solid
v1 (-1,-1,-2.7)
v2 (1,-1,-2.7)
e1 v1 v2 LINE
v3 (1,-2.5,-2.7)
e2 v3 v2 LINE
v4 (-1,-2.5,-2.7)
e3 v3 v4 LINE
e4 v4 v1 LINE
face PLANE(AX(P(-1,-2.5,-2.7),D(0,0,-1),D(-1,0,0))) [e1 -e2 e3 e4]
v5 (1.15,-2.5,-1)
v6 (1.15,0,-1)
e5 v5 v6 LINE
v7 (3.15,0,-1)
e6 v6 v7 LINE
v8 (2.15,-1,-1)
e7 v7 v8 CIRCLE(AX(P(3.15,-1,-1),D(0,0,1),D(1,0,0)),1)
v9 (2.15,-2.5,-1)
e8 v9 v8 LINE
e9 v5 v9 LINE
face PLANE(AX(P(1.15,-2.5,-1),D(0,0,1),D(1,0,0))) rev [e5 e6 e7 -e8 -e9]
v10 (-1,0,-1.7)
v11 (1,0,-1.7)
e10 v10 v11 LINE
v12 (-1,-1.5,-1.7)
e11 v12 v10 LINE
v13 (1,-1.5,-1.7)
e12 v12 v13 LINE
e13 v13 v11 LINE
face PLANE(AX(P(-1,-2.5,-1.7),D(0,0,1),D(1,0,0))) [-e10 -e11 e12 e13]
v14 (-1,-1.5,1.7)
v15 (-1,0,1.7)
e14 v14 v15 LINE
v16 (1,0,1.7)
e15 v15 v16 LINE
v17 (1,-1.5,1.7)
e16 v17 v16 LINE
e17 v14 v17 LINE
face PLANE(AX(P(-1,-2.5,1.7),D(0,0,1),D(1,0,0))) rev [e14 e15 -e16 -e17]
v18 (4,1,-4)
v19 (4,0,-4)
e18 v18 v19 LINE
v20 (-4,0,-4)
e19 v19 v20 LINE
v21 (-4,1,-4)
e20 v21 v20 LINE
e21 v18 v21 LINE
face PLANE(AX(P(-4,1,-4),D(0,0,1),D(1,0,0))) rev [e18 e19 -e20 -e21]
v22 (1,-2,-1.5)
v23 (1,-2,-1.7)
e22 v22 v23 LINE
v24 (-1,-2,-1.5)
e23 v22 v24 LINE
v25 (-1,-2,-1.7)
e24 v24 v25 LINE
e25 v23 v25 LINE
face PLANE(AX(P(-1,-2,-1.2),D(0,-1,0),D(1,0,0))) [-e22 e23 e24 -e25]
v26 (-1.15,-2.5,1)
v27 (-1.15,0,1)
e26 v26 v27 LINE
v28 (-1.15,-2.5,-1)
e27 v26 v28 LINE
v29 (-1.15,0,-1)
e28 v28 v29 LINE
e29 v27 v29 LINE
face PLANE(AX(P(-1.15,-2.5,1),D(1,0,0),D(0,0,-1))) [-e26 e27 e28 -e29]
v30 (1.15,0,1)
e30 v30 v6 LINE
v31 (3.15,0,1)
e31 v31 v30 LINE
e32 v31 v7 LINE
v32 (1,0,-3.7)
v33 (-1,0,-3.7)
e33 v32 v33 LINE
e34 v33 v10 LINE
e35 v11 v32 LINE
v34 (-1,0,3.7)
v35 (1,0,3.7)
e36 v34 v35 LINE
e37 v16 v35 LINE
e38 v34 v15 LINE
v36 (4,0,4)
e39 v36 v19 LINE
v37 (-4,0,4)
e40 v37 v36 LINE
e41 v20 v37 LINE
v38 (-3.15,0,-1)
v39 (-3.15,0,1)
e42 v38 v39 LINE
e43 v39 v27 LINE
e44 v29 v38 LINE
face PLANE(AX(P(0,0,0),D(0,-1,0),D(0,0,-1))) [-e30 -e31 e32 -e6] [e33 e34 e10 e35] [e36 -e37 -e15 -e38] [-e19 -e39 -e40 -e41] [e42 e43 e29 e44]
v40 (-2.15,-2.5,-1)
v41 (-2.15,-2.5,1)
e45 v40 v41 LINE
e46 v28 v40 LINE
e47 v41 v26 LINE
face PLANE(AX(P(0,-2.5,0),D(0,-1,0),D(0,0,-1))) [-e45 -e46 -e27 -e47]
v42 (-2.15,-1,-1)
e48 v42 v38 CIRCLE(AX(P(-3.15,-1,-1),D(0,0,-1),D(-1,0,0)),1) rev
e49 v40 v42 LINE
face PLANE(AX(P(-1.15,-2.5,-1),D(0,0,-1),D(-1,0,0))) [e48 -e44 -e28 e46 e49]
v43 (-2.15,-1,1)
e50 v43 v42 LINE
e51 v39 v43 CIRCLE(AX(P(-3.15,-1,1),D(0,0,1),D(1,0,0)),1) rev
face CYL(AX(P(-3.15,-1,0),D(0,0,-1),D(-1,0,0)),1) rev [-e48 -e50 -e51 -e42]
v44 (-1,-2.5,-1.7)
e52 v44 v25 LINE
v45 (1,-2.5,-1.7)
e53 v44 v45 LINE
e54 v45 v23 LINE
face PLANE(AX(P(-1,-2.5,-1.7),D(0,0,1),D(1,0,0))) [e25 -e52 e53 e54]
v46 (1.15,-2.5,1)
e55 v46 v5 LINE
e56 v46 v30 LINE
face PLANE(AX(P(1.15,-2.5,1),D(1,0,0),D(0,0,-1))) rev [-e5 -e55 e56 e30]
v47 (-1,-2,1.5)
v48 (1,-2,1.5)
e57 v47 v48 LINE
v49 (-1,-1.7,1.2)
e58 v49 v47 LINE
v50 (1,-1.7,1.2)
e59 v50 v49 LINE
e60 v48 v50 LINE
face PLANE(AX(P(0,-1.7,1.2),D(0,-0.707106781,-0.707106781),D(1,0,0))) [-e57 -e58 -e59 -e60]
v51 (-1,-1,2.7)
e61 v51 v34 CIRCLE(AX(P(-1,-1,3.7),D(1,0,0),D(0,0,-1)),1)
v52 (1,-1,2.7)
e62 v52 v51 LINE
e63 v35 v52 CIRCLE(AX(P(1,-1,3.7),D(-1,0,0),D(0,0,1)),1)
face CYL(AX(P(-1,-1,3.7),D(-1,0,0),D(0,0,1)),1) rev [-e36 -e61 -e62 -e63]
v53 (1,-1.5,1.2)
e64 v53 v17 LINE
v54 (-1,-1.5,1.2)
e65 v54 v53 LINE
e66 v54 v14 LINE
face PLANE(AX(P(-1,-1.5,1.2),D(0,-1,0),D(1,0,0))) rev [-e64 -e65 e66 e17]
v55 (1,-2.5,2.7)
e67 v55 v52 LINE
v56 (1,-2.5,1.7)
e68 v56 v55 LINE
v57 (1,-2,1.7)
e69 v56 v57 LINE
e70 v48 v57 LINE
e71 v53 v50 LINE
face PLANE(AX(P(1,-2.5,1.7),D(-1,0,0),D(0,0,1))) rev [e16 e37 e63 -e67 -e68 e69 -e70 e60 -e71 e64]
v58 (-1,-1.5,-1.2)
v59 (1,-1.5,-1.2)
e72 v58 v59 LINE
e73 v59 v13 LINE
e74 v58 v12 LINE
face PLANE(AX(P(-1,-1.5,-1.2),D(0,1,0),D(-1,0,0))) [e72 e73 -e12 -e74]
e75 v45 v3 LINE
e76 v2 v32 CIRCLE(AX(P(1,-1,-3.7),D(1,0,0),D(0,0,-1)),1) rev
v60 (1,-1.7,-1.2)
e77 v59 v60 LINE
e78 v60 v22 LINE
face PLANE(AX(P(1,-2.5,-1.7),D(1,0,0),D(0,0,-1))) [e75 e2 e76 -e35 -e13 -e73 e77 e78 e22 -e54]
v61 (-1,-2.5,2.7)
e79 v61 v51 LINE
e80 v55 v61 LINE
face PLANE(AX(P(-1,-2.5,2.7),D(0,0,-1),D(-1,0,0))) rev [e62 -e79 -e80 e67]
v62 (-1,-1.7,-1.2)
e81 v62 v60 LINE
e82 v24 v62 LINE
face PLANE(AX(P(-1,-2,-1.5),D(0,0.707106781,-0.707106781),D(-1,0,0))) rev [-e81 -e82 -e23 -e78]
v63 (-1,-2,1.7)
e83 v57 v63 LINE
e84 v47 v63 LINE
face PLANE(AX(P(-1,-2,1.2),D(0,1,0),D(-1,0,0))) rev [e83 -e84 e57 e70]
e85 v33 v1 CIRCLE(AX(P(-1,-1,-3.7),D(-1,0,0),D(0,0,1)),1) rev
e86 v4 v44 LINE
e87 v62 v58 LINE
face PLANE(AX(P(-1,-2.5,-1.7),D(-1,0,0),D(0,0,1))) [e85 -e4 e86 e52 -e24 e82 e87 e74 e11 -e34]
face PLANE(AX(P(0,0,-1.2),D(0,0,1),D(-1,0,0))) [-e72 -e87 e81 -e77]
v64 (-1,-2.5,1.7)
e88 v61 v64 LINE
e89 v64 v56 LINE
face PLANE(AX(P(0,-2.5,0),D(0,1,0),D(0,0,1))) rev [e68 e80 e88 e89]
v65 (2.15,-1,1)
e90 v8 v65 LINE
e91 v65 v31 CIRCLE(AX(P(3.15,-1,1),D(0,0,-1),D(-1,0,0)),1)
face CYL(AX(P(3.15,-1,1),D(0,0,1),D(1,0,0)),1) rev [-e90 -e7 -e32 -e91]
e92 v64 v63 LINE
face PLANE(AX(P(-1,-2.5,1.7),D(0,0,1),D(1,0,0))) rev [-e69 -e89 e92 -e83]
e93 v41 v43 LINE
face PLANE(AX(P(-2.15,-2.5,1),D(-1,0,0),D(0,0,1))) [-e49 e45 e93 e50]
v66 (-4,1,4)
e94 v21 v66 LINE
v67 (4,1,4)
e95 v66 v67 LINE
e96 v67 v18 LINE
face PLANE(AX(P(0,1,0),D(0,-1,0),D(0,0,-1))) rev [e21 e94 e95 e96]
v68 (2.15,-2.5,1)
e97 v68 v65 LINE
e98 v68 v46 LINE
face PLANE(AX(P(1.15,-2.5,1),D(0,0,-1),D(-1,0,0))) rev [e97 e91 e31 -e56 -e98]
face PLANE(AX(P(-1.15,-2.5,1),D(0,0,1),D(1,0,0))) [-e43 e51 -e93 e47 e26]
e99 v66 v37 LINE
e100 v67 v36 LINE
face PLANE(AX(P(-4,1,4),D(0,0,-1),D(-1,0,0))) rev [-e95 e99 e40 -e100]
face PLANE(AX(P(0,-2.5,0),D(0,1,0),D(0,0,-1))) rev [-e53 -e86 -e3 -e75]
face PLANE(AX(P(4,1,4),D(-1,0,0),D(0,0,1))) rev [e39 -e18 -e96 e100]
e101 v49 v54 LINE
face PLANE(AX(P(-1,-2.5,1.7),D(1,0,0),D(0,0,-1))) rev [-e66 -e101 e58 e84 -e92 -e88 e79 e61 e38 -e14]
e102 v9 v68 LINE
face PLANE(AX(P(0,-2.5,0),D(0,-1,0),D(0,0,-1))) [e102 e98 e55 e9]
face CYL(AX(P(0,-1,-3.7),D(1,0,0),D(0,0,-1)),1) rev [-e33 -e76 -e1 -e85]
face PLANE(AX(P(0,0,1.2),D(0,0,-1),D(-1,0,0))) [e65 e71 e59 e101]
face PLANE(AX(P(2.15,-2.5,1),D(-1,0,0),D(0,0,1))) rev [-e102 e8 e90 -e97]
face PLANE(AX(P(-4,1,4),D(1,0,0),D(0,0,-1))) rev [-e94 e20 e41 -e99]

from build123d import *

# Parameters (mm, degrees)
SKETCH1_W                = 8
SKETCH1_H                = 8
BOSS_EXTRUDE1_DEPTH      = 1
SKETCH2_W                = 2
SKETCH2_H                = 1
SKETCH2_W_2              = 1
SKETCH2_H_2              = 2
BOSS_EXTRUDE2_DEPTH      = 2.5
SKETCH3_W                = 2
SKETCH3_H                = 0.5
BOSS_EXTRUDE3_DEPTH      = 0.5
CHAMFER2_SIZE            = 0.3
CHAMFER2_OF_MIRROR2_SIZE = 0.3
FILLET1_R                = 1


with BuildPart() as part:
    # Sketch1 → Boss-Extrude1 (new body)
    with BuildSketch(Plane(origin=(0, 0, 0), x_dir=(1, 0, 0), z_dir=(0, 1, 0))):
        Rectangle(SKETCH1_W, SKETCH1_H)
    extrude(amount=BOSS_EXTRUDE1_DEPTH)

    # Sketch2 → Boss-Extrude2 (add)
    with BuildSketch(Plane.XZ):
        with Locations((0, 2.2)):
            Rectangle(SKETCH2_W, SKETCH2_H)
        with Locations((1.65, 0)):
            Rectangle(SKETCH2_W_2, SKETCH2_H_2)
    boss_extrude2 = extrude(amount=BOSS_EXTRUDE2_DEPTH)

    # Sketch3 → Boss-Extrude3 (add)
    with BuildSketch(Plane(origin=(0, 0, 1.7), x_dir=(-1, 0, 0), z_dir=(0, 0, -1))):
        with Locations((0, -1.75)):
            Rectangle(SKETCH3_W, SKETCH3_H)
    boss_extrude3 = extrude(amount=BOSS_EXTRUDE3_DEPTH)

    # Chamfer2
    chamfer2_edges = [part.edges().sort_by_distance(p)[0] for p in [
        (0, -2, 1.2),
    ]]
    chamfer(chamfer2_edges, length=CHAMFER2_SIZE)

    # Mirror1: Boss-Extrude2 across plane
    add(boss_extrude2.mirror(Plane(origin=(0, 0, 0), x_dir=(0, 0, 1), z_dir=(1, 0, 0))))

    # Mirror2: Boss-Extrude2, Boss-Extrude3 across plane
    add(boss_extrude2.mirror(Plane.XY))
    add(boss_extrude3.mirror(Plane.XY))

    # Chamfer2 of Mirror2
    chamfer2_of_mirror2_edges = [part.edges().sort_by_distance(p)[0] for p in [
        (0, -2, -1.2),
    ]]
    chamfer(chamfer2_of_mirror2_edges, length=CHAMFER2_OF_MIRROR2_SIZE)

    # Fillet1
    fillet1_edges = [part.edges().sort_by_distance(p)[0] for p in [
        (0, 0, 2.7),
        (2.15, 0, 0),
        (-2.15, 0, 0),
        (0, 0, -2.7),
    ]]
    fillet(fillet1_edges, radius=FILLET1_R)


solid = part.part
